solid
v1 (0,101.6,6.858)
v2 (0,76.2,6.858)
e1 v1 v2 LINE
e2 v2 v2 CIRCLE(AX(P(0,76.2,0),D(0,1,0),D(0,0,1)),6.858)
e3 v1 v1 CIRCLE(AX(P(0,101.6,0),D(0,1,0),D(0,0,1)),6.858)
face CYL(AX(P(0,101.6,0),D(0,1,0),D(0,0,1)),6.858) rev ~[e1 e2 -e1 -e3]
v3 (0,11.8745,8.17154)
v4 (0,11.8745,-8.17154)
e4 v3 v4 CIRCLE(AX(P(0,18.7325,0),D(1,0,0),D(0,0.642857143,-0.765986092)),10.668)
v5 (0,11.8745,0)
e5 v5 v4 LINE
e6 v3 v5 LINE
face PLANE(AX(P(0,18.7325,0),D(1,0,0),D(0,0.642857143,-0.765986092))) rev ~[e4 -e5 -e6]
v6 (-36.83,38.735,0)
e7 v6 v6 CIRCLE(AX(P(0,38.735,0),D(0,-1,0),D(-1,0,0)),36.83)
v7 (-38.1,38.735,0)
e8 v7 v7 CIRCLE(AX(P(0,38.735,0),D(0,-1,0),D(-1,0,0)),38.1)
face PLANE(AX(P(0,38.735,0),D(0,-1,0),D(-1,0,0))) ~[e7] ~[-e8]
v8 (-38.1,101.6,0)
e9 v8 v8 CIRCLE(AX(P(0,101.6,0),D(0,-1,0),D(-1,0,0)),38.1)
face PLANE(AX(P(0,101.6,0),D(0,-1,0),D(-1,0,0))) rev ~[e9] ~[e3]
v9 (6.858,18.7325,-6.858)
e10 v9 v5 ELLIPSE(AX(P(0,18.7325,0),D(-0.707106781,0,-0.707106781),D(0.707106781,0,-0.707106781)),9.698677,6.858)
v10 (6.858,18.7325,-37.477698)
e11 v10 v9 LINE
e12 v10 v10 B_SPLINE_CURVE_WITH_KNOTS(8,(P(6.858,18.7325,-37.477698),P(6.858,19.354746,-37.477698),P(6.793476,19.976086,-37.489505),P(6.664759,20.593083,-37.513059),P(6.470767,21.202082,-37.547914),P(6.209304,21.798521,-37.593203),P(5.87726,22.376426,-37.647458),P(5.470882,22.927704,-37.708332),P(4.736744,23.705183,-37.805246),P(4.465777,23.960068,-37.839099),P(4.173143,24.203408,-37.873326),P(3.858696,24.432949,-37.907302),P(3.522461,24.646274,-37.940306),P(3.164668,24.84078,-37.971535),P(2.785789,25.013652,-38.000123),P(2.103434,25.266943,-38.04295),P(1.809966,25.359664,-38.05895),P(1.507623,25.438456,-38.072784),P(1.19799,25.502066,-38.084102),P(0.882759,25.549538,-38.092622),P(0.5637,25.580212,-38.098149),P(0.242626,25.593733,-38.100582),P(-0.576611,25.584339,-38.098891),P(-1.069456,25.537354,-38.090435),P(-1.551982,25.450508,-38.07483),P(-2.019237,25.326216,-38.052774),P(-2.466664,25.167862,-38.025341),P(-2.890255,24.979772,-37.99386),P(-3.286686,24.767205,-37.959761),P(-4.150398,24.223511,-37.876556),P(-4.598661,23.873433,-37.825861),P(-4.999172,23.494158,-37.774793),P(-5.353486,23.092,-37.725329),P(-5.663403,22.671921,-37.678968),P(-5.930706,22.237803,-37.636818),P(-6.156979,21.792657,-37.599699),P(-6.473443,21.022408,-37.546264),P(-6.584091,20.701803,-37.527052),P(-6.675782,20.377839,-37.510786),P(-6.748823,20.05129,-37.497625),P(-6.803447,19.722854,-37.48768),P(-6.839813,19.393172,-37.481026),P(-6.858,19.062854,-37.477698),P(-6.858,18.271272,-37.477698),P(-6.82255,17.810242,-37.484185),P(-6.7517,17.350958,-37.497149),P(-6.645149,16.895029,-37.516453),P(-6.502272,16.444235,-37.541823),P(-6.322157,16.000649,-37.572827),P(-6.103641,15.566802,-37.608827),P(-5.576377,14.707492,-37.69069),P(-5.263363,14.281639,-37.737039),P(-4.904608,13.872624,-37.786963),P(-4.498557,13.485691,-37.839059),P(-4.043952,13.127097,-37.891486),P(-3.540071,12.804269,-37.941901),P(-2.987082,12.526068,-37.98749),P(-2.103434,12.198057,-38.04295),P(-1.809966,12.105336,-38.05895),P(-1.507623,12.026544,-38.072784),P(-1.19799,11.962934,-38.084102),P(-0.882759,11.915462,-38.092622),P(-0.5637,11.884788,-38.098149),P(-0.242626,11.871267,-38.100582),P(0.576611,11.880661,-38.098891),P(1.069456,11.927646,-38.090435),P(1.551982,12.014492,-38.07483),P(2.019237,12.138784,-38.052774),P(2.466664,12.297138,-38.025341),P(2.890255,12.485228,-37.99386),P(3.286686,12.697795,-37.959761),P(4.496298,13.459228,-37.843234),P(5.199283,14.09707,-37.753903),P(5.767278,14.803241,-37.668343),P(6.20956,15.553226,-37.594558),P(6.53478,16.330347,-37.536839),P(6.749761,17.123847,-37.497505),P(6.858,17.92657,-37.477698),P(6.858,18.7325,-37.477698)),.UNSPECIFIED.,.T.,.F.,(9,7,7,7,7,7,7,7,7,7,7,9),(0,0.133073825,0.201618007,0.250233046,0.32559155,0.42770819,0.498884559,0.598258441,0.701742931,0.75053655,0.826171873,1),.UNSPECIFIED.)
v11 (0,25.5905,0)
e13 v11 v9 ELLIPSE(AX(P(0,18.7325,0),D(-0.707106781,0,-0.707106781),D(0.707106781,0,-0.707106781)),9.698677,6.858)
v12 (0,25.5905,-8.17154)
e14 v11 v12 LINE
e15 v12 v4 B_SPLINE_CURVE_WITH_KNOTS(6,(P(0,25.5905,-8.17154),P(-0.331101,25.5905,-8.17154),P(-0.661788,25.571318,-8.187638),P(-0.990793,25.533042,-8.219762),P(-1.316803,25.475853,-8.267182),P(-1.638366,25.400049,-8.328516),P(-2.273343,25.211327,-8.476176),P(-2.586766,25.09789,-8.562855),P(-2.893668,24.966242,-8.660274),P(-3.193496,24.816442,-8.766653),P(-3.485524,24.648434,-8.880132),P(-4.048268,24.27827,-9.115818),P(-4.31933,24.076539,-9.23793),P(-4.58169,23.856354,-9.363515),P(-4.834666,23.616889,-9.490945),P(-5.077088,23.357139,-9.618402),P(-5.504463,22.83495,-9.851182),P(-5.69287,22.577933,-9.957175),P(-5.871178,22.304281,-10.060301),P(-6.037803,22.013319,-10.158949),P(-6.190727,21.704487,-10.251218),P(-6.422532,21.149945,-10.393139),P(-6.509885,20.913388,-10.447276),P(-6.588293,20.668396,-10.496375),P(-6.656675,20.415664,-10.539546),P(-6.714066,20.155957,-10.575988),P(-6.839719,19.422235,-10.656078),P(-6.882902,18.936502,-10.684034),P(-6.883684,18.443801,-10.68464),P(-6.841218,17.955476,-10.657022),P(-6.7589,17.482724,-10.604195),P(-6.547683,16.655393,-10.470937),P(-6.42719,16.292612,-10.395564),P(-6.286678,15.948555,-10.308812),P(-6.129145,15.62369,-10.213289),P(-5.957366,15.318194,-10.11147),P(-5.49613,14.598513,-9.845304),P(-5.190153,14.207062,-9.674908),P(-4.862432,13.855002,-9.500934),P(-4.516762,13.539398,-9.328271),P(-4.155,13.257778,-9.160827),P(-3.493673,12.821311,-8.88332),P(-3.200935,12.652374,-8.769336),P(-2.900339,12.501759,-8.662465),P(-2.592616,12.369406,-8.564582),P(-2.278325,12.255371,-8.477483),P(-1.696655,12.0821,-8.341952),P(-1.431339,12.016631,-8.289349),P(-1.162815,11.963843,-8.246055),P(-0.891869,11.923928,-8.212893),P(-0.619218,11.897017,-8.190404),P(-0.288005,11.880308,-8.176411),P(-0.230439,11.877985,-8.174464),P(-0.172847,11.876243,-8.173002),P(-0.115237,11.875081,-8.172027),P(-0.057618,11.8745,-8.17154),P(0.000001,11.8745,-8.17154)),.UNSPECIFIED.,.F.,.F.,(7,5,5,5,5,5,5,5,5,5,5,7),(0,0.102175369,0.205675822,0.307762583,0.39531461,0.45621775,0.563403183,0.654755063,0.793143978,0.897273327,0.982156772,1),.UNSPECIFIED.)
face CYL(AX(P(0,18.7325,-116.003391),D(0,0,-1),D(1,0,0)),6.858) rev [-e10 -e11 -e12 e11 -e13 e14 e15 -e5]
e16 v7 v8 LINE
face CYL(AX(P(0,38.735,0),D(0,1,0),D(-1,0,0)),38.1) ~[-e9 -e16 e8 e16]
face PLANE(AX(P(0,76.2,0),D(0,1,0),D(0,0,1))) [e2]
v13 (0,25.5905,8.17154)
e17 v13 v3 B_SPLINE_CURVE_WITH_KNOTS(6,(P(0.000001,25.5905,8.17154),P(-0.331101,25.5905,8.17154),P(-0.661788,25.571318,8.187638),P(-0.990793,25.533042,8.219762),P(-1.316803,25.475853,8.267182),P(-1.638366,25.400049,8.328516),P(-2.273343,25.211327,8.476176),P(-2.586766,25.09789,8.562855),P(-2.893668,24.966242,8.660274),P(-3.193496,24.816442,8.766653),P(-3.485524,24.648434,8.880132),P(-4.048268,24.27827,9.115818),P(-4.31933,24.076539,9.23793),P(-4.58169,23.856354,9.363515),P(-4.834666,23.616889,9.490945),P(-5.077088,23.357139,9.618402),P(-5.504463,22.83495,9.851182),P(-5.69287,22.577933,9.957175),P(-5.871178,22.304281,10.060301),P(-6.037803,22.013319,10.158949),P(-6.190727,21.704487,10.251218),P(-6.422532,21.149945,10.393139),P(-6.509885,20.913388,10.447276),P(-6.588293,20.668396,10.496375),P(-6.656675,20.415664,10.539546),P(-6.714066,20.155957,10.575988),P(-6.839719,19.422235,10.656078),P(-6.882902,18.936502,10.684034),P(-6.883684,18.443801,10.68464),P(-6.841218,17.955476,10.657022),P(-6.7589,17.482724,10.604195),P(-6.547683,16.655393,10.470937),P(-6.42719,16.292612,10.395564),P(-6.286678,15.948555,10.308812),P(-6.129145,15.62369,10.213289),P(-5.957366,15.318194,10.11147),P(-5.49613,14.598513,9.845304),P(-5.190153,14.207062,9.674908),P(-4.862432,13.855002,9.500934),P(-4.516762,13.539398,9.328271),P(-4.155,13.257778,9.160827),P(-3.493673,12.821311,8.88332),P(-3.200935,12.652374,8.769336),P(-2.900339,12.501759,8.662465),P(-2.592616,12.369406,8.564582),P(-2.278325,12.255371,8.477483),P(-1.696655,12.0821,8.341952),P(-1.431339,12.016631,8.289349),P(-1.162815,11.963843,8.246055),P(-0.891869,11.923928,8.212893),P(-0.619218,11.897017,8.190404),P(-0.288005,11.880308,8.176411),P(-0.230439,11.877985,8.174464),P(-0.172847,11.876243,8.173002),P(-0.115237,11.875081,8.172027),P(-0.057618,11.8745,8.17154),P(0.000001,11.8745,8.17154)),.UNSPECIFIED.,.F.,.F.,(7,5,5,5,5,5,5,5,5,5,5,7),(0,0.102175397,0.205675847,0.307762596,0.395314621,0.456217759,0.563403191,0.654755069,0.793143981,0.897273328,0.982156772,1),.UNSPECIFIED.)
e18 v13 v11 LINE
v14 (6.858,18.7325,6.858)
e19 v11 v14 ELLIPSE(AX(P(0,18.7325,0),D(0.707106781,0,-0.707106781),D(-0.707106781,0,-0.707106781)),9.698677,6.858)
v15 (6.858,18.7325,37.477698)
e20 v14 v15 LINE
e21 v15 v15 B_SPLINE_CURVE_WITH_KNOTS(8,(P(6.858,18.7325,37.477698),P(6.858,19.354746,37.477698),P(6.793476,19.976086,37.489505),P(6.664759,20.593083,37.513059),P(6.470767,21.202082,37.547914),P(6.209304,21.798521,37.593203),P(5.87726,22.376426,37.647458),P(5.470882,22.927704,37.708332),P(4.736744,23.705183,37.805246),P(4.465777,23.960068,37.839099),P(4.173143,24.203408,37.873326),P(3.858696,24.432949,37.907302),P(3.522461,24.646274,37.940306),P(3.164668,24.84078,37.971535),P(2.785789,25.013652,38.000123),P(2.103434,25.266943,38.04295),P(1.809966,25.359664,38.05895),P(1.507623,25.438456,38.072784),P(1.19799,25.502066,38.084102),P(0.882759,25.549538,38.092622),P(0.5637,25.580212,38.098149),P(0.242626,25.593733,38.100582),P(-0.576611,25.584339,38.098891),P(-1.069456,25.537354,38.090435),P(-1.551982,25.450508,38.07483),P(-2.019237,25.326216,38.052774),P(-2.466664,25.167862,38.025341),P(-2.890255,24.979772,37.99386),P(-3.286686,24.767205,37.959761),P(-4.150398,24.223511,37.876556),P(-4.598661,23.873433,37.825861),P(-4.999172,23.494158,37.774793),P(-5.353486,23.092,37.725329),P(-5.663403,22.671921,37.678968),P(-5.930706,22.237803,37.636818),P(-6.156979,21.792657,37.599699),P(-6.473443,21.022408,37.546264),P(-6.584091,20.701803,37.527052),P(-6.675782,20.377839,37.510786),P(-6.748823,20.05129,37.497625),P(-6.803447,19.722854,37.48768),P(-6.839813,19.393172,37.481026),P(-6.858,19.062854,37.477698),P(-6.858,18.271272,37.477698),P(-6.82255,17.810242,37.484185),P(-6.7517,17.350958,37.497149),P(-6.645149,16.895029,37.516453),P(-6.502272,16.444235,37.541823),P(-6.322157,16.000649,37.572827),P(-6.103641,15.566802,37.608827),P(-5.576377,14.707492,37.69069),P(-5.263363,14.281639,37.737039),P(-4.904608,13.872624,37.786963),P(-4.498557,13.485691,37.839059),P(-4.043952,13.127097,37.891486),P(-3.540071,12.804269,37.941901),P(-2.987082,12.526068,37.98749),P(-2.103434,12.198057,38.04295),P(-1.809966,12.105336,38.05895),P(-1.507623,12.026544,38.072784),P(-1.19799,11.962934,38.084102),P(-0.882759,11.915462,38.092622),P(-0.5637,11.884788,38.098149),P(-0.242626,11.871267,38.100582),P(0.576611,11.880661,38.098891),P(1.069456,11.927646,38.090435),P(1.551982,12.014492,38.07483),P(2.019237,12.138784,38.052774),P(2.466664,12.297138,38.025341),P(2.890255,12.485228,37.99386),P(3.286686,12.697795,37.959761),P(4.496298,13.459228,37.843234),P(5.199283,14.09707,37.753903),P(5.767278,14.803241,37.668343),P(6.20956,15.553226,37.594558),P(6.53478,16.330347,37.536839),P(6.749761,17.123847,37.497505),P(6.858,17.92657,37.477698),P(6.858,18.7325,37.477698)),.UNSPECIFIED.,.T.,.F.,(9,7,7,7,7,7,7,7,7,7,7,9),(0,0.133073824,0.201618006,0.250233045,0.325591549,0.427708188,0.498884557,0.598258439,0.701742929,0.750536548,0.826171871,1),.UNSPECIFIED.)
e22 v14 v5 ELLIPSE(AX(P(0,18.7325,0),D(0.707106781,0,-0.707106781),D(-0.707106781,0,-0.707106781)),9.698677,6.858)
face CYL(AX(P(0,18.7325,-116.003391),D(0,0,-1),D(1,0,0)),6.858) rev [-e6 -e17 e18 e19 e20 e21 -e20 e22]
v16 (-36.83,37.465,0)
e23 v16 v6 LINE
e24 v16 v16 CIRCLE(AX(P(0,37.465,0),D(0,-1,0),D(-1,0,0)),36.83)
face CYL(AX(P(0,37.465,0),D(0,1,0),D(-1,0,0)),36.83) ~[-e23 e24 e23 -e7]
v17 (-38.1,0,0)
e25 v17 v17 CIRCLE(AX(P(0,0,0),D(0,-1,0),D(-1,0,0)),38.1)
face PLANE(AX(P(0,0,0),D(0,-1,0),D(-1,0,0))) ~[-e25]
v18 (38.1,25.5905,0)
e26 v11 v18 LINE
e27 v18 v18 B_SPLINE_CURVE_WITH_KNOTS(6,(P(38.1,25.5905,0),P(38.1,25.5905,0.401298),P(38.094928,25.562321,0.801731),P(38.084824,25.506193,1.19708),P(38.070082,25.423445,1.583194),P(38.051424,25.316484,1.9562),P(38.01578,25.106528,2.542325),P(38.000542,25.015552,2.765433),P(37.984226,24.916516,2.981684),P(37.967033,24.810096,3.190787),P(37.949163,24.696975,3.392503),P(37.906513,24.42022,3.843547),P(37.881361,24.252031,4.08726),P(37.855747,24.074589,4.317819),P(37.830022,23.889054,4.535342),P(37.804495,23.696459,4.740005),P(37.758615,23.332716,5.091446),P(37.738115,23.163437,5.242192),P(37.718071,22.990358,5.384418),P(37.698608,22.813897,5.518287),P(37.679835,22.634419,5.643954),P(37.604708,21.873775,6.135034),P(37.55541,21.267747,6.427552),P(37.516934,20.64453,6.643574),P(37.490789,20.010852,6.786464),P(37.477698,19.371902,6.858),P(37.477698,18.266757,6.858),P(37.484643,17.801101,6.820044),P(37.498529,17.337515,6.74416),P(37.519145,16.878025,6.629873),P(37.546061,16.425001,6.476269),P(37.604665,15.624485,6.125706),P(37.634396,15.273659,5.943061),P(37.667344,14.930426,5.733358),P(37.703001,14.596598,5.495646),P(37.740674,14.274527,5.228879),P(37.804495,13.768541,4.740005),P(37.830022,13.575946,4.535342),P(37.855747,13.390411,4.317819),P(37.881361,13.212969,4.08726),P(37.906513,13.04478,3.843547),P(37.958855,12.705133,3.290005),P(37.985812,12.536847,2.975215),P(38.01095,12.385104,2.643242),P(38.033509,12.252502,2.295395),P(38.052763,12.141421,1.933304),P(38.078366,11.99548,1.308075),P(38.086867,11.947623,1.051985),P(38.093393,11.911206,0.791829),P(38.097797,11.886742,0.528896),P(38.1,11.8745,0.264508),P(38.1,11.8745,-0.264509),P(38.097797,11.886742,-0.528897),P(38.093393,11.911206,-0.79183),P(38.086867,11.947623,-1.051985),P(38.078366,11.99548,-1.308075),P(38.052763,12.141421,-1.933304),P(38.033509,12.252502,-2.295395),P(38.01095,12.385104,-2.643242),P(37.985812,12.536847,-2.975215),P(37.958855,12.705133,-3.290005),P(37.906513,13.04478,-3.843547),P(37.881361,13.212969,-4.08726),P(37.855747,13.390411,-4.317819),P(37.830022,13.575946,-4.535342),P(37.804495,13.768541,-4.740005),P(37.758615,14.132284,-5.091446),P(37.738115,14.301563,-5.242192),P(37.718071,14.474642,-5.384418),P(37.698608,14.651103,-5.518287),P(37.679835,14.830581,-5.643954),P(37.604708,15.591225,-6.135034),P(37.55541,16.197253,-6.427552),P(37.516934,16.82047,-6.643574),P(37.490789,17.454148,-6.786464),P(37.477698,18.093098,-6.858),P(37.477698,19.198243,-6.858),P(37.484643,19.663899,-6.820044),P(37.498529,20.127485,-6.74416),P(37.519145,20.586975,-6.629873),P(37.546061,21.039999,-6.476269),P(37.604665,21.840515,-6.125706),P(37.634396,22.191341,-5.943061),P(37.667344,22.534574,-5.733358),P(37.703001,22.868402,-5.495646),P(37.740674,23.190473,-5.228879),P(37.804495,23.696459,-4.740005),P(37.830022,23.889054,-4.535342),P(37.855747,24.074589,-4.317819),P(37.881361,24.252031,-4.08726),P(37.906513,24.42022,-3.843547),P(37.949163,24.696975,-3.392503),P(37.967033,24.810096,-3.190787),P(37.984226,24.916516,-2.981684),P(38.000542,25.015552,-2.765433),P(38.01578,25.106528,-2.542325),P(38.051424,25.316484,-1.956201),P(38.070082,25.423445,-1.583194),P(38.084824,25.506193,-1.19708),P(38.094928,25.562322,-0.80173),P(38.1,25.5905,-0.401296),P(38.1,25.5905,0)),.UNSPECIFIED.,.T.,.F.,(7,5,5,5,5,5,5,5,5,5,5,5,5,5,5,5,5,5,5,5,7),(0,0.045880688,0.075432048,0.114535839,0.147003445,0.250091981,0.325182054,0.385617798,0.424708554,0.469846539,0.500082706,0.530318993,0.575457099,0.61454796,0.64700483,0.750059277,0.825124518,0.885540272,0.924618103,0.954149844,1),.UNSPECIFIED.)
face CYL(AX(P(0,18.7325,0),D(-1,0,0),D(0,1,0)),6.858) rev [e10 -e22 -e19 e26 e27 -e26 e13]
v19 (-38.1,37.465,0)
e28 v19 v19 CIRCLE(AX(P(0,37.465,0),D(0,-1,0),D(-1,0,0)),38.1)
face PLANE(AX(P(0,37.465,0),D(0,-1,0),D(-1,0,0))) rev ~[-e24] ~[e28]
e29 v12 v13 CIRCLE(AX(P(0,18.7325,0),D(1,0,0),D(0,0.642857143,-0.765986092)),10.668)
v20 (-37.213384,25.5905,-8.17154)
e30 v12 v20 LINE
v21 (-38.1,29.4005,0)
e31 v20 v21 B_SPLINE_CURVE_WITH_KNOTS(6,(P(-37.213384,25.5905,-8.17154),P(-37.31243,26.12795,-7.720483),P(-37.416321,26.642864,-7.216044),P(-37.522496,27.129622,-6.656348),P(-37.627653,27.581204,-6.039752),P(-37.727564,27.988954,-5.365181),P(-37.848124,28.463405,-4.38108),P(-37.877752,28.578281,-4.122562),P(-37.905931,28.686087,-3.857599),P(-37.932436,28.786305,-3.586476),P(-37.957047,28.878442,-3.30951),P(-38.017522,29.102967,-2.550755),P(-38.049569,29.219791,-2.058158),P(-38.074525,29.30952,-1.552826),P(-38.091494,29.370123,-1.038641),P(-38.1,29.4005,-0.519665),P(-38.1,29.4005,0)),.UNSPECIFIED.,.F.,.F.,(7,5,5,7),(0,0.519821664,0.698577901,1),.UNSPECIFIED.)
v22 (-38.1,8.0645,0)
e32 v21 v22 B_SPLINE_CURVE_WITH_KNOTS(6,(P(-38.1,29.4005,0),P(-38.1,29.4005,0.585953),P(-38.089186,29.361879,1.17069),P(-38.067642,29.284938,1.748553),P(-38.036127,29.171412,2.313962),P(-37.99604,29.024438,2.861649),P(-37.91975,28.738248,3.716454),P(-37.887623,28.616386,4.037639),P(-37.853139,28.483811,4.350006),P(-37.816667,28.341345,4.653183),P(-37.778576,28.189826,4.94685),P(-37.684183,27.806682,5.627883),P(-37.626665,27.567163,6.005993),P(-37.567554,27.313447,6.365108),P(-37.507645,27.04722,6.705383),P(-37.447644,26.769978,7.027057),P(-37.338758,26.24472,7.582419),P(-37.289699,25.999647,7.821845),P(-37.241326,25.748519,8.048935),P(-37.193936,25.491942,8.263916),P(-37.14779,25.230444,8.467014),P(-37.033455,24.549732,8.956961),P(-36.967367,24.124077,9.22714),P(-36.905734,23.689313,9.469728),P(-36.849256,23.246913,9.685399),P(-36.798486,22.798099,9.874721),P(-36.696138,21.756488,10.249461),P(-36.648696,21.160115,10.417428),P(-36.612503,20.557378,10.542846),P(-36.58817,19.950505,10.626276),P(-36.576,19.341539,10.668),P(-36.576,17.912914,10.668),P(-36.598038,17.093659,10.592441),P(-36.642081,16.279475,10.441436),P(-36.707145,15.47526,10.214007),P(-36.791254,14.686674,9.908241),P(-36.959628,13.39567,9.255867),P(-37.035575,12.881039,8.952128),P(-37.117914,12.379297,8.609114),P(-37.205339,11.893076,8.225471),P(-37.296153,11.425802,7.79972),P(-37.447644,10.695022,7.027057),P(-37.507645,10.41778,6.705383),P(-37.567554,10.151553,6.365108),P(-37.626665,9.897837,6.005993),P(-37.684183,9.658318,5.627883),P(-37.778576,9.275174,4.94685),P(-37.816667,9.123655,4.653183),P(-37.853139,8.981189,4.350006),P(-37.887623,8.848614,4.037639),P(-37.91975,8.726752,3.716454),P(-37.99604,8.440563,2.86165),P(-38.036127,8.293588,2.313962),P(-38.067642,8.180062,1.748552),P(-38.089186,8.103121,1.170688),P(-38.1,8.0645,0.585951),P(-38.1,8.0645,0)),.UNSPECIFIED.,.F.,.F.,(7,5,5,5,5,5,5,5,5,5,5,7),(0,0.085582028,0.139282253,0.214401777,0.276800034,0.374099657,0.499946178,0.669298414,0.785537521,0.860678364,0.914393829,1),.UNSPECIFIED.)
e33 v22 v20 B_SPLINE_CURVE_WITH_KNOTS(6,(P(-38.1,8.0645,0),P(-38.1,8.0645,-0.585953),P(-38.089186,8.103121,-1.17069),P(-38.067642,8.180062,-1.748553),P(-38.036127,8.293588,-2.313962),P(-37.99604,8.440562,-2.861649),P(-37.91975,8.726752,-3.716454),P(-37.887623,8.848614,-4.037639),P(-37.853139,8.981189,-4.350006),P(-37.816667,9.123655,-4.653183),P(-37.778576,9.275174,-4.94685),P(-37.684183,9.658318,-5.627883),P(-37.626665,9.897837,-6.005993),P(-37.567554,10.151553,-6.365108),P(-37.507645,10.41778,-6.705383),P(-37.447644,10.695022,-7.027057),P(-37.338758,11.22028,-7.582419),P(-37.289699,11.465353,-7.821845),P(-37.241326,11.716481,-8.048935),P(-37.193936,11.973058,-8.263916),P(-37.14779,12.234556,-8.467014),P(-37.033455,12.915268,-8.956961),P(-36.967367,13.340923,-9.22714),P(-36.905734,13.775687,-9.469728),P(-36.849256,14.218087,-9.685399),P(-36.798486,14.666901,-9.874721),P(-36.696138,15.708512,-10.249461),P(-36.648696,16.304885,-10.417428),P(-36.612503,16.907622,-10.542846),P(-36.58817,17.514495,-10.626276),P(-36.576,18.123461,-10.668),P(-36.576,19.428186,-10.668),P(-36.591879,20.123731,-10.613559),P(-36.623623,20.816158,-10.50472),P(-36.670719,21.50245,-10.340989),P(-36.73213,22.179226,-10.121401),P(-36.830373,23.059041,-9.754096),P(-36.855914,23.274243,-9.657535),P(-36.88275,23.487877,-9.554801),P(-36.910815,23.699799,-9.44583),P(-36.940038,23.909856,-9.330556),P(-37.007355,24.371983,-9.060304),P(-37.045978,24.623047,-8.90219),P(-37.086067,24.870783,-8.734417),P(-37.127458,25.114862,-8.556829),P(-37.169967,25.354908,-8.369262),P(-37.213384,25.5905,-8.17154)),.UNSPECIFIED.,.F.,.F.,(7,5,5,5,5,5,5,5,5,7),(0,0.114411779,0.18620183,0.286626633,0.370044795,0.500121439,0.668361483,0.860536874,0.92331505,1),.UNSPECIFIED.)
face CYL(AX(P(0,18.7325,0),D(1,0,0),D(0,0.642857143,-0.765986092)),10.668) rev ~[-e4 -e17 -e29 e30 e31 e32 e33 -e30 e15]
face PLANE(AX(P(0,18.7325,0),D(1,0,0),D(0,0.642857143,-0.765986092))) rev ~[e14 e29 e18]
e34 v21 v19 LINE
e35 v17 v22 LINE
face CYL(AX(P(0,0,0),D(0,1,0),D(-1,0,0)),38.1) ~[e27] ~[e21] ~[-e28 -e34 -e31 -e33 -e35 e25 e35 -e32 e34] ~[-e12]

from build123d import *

# Parameters (mm, degrees)
CUT_EXTRUDE1_DEPTH      = 116.003391254
CUT_EXTRUDE1_DEPTH_BACK = 116.003391254
SKETCH4_R               = 6.858
SKETCH5_R               = 6.858
CUT_EXTRUDE2_DEPTH      = 116.003391321
SKETCH5_3_R             = 10.668
CUT_EXTRUDE3_DEPTH      = 116.003391321
SKETCH6_R               = 6.858
CUT_EXTRUDE4_DEPTH      = 25.4


with BuildPart() as part:
    # Sketch3 → Revolve1 (revolve)
    with BuildSketch(Plane.XY):
        Polygon((0, 101.6), (0, 0), (38.1, 0), (38.1, 37.465), (36.83, 37.465), (36.83, 38.735), (38.1, 38.735), (38.1, 101.6), align=None)
    revolve(axis=Axis((0, 101.6, 0), (0, -1, 0)))

    # Sketch4 → Cut-Extrude1 (cut, two sides: drawn at the far end of the back side and taken through both)
    with BuildSketch(Plane.XY.offset(-CUT_EXTRUDE1_DEPTH_BACK)):
        with Locations((0, 18.7325)):
            Circle(SKETCH4_R)
    extrude(amount=CUT_EXTRUDE1_DEPTH + CUT_EXTRUDE1_DEPTH_BACK, mode=Mode.SUBTRACT)

    # Sketch5 → Cut-Extrude2 (cut, through all)
    with BuildSketch(Plane(origin=(0, 0, 0), x_dir=(0, 0, -1), z_dir=(1, 0, 0))):
        with Locations((0, 18.7325)):
            Circle(SKETCH5_R)
    extrude(amount=CUT_EXTRUDE2_DEPTH, mode=Mode.SUBTRACT)

    # Sketch5<3> → Cut-Extrude3 (cut, through all)
    with BuildSketch(Plane(origin=(0, 0, 0), x_dir=(0, 0, -1), z_dir=(1, 0, 0))):
        with Locations((0, 18.7325)):
            Circle(SKETCH5_3_R)
    extrude(amount=-CUT_EXTRUDE3_DEPTH, mode=Mode.SUBTRACT)

    # Sketch6 → Cut-Extrude4 (cut)
    with BuildSketch(Plane(origin=(0, 101.6, 0), x_dir=(1, 0, 0), z_dir=(0, 1, 0))):
        Circle(SKETCH6_R)
    extrude(amount=-CUT_EXTRUDE4_DEPTH, mode=Mode.SUBTRACT)


solid = part.part
